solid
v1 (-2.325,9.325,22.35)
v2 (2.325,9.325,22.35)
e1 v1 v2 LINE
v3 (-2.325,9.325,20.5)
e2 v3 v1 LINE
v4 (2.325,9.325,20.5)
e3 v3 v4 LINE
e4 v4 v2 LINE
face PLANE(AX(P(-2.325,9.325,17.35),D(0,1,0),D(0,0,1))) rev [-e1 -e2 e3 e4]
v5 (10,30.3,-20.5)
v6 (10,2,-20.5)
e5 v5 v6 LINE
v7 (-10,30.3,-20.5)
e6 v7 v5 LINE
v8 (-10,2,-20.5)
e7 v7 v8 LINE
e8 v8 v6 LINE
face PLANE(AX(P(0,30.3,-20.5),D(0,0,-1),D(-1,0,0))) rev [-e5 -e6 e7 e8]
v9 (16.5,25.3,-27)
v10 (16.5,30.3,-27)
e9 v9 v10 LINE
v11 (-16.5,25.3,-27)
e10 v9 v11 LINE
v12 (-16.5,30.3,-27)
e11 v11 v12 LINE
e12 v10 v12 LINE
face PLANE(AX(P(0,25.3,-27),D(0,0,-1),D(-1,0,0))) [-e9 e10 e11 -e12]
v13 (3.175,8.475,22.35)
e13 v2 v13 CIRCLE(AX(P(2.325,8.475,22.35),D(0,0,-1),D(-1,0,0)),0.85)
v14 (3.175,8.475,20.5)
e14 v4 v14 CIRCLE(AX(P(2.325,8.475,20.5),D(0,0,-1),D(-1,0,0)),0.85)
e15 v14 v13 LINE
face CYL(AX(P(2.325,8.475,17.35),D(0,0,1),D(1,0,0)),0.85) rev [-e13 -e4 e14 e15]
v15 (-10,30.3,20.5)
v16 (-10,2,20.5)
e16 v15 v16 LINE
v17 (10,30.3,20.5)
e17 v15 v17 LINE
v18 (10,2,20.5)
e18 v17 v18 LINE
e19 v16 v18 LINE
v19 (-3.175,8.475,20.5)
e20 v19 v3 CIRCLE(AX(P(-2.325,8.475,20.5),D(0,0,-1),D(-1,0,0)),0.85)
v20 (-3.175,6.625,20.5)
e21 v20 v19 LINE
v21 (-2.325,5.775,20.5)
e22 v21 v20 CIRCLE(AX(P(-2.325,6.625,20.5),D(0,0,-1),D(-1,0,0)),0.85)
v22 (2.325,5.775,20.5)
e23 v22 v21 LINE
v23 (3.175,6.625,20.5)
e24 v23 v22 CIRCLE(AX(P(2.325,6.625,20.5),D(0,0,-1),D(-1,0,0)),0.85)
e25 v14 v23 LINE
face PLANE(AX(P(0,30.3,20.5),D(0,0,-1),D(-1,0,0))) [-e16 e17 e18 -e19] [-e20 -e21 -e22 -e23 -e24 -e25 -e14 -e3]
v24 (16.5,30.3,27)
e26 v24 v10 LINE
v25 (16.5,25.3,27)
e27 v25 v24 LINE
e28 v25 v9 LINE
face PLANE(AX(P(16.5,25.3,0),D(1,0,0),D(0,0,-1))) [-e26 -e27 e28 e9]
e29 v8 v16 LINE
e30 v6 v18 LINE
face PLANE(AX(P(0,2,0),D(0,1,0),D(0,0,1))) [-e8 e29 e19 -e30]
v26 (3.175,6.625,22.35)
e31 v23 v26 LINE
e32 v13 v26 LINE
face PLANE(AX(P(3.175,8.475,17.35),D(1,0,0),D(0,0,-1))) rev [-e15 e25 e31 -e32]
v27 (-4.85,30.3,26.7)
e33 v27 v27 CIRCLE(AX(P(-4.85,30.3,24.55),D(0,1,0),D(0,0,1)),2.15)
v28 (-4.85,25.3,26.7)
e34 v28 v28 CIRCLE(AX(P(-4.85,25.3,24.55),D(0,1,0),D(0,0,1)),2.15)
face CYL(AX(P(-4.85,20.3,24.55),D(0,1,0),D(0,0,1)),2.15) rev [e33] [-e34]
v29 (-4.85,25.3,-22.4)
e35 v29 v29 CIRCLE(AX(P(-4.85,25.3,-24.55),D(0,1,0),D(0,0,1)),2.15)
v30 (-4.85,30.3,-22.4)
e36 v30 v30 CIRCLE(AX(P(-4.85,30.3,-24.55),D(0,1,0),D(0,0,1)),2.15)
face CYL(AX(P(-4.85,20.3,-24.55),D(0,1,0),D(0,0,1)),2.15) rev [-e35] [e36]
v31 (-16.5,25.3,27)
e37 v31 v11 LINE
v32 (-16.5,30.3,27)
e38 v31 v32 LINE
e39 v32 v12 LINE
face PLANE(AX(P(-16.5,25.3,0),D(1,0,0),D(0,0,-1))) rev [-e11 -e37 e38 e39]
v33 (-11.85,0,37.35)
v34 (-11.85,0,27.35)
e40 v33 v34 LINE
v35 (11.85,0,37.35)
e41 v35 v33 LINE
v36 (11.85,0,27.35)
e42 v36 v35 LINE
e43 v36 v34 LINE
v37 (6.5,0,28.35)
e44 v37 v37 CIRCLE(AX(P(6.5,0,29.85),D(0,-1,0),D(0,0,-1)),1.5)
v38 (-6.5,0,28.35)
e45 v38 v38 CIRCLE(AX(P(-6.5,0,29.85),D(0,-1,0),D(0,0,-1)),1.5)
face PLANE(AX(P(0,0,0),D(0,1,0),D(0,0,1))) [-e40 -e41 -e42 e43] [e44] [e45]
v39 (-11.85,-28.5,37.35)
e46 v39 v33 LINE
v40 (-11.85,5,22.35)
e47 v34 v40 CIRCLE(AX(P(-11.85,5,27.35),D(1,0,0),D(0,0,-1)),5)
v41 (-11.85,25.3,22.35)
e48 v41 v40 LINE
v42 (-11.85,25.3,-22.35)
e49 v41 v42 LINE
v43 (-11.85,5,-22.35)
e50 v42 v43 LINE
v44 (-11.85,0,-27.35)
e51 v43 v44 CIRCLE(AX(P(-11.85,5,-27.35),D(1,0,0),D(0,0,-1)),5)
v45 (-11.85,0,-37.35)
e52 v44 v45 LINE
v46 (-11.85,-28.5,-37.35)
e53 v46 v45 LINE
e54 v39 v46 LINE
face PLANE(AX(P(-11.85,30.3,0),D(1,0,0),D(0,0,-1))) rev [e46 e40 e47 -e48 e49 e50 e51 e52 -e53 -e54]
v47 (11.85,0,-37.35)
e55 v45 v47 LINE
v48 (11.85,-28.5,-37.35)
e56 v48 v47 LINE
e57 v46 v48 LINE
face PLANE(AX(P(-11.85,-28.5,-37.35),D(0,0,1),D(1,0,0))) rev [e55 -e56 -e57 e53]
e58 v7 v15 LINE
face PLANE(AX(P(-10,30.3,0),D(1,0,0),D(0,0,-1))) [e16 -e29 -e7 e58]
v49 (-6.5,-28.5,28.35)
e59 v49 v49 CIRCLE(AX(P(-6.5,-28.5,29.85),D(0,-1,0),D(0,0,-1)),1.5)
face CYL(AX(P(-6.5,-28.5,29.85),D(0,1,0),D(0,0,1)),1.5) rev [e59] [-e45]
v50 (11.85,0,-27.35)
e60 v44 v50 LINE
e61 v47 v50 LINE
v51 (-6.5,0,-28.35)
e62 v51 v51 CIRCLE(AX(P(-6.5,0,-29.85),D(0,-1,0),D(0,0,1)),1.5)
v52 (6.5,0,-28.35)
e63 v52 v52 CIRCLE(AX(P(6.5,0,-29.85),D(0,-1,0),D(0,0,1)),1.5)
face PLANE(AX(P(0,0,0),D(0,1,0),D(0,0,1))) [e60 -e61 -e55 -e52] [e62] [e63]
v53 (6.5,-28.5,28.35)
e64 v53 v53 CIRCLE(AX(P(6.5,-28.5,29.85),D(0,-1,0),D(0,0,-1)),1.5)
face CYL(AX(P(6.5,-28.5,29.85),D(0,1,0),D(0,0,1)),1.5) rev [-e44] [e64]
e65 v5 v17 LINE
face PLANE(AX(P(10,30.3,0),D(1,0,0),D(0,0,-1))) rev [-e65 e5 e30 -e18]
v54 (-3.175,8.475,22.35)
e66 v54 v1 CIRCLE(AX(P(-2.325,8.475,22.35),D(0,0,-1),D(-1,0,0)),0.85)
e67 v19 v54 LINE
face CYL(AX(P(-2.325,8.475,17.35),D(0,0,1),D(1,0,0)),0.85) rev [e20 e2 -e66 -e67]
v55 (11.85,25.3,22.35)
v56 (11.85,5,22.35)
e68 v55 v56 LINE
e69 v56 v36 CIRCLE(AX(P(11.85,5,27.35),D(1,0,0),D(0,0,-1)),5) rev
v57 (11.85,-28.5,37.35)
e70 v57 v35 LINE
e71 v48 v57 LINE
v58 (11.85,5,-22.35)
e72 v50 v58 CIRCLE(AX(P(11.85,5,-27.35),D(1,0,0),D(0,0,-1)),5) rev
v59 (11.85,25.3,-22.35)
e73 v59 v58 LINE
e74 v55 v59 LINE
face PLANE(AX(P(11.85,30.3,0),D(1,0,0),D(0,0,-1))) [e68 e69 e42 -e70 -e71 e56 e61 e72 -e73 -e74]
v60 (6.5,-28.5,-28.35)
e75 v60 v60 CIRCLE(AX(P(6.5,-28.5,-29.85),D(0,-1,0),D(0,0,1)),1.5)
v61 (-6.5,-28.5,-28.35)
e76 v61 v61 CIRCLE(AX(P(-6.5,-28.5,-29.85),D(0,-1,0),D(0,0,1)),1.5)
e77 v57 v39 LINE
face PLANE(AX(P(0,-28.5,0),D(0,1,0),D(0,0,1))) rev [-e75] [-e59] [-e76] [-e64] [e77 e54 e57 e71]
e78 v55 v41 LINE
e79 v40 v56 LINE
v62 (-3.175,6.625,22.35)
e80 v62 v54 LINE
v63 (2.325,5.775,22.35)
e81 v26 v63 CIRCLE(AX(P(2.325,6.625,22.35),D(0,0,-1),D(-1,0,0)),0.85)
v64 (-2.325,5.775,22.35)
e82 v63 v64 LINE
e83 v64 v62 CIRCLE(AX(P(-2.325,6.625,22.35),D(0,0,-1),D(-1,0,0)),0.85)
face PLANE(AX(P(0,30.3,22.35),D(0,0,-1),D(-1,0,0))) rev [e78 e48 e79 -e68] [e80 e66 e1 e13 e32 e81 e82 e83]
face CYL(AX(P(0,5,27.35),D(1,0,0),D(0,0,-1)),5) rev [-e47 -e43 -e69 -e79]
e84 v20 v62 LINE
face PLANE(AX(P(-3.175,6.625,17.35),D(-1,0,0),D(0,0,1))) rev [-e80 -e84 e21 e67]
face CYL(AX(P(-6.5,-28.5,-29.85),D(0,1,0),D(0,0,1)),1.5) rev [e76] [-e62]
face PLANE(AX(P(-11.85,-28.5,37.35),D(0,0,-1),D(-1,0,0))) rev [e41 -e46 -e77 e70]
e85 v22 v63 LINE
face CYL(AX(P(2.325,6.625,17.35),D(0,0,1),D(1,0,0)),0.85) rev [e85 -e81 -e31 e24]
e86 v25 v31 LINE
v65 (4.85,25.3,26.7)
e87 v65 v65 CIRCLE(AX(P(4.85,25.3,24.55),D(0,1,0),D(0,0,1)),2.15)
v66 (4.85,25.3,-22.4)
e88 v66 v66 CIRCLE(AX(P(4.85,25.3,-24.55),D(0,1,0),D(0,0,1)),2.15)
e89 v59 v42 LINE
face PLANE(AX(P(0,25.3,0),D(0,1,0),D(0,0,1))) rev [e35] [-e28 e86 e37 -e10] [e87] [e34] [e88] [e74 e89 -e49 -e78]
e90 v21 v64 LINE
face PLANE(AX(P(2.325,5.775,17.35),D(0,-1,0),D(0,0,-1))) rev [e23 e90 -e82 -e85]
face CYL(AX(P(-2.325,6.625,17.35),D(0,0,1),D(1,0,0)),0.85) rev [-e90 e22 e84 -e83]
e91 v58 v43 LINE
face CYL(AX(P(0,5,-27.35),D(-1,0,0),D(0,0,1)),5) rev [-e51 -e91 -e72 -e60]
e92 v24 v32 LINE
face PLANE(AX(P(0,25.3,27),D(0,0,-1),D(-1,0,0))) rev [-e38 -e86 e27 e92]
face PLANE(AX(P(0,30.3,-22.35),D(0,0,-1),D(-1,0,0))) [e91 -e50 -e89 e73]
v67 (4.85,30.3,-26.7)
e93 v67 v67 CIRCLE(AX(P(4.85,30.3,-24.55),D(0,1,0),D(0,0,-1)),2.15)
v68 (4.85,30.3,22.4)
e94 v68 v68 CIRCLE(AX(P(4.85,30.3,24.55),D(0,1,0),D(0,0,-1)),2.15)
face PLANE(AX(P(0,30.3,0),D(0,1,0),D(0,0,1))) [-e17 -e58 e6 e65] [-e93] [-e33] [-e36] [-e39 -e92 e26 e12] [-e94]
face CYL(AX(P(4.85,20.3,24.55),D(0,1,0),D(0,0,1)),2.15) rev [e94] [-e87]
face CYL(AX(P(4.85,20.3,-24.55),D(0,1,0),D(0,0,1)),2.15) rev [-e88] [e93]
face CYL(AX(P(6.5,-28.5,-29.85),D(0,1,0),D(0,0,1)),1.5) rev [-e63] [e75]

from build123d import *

# Parameters (mm, degrees)
CROQUIS1_W              = 23.7
CROQUIS1_H              = 44.7
CROQUIS1_W_2            = 20
CROQUIS1_H_2            = 41
SALIENTE_EXTRUIR1_DEPTH = 30.3
CROQUIS1_2_W            = 20
CROQUIS1_2_H            = 41
SALIENTE_EXTRUIR2_DEPTH = 2
SALIENTE_EXTRUIR3_START = 30.3
CROQUIS1_4_W            = 33
CROQUIS1_4_H            = 54
CROQUIS1_4_W_2          = 23.7
CROQUIS1_4_H_2          = 44.7
SALIENTE_EXTRUIR3_DEPTH = 5
CROQUIS2_W              = 23.7
CROQUIS2_H              = 74.7
CROQUIS2_R              = 1.5
SALIENTE_EXTRUIR5_DEPTH = 28.5
REDONDEO2_R             = 5
CORTAR_EXTRUIR1_DEPTH   = 5
CROQUIS4_R              = 2.15
CORTAR_EXTRUIR2_DEPTH   = 10


with BuildPart() as part:
    # Croquis1 → Saliente-Extruir1 (new body)
    with BuildSketch(Plane(origin=(0, 0, 0), x_dir=(1, 0, 0), z_dir=(0, 1, 0))):
        Rectangle(CROQUIS1_W, CROQUIS1_H)
        Rectangle(CROQUIS1_W_2, CROQUIS1_H_2, mode=Mode.SUBTRACT)
    extrude(amount=SALIENTE_EXTRUIR1_DEPTH)

    # Croquis1<2> → Saliente-Extruir2 (add)
    with BuildSketch(Plane(origin=(0, 0, 0), x_dir=(1, 0, 0), z_dir=(0, 1, 0))):
        Rectangle(CROQUIS1_2_W, CROQUIS1_2_H)
    extrude(amount=SALIENTE_EXTRUIR2_DEPTH)

    # Croquis1<4> → Saliente-Extruir3 (add)
    with BuildSketch(Plane(origin=(0, 0, 0), x_dir=(1, 0, 0), z_dir=(0, 1, 0)).offset(SALIENTE_EXTRUIR3_START)):
        Rectangle(CROQUIS1_4_W, CROQUIS1_4_H)
        Rectangle(CROQUIS1_4_W_2, CROQUIS1_4_H_2, mode=Mode.SUBTRACT)
    extrude(amount=-SALIENTE_EXTRUIR3_DEPTH)

    # Croquis2 → Saliente-Extruir5 (add)
    with BuildSketch(Plane.XZ):
        Rectangle(CROQUIS2_W, CROQUIS2_H)
        with Locations((-6.5, 29.85)):
            Circle(CROQUIS2_R, mode=Mode.SUBTRACT)
        with Locations((6.5, 29.85)):
            Circle(CROQUIS2_R, mode=Mode.SUBTRACT)
        with Locations((6.5, -29.85)):
            Circle(CROQUIS2_R, mode=Mode.SUBTRACT)
        with Locations((-6.5, -29.85)):
            Circle(CROQUIS2_R, mode=Mode.SUBTRACT)
    extrude(amount=SALIENTE_EXTRUIR5_DEPTH)

    # Redondeo2
    redondeo2_edges = [part.edges().sort_by_distance(p)[0] for p in [
        (0, 0, 22.35),
        (0, 0, -22.35),
    ]]
    fillet(redondeo2_edges, radius=REDONDEO2_R)

    # Croquis3 → Cortar-Extruir1 (cut, symmetric)
    with BuildSketch(Plane.XY.offset(22.35)):
        with BuildLine():
            Line((-2.325, 9.325), (2.325, 9.325))
            ThreePointArc((2.325, 9.325), (2.926040764, 9.076040764), (3.175, 8.475))
            Line((3.175, 8.475), (3.175, 6.625))
            ThreePointArc((3.175, 6.625), (2.926040764, 6.023959236), (2.325, 5.775))
            Line((2.325, 5.775), (-2.325, 5.775))
            ThreePointArc((-2.325, 5.775), (-2.926040764, 6.023959236), (-3.175, 6.625))
            Line((-3.175, 6.625), (-3.175, 8.475))
            ThreePointArc((-3.175, 8.475), (-2.926040764, 9.076040764), (-2.325, 9.325))
        make_face()
    extrude(amount=CORTAR_EXTRUIR1_DEPTH, both=True, mode=Mode.SUBTRACT)

    # Croquis4 → Cortar-Extruir2 (cut)
    with BuildSketch(Plane(origin=(0, 30.3, 0), x_dir=(1, 0, 0), z_dir=(0, 1, 0))):
        with Locations((-4.85, 24.55)):
            Circle(CROQUIS4_R)
        with Locations((4.85, 24.55)):
            Circle(CROQUIS4_R)
        with Locations((-4.85, -24.55)):
            Circle(CROQUIS4_R)
        with Locations((4.85, -24.55)):
            Circle(CROQUIS4_R)
    extrude(amount=-CORTAR_EXTRUIR2_DEPTH, mode=Mode.SUBTRACT)


solid = part.part
